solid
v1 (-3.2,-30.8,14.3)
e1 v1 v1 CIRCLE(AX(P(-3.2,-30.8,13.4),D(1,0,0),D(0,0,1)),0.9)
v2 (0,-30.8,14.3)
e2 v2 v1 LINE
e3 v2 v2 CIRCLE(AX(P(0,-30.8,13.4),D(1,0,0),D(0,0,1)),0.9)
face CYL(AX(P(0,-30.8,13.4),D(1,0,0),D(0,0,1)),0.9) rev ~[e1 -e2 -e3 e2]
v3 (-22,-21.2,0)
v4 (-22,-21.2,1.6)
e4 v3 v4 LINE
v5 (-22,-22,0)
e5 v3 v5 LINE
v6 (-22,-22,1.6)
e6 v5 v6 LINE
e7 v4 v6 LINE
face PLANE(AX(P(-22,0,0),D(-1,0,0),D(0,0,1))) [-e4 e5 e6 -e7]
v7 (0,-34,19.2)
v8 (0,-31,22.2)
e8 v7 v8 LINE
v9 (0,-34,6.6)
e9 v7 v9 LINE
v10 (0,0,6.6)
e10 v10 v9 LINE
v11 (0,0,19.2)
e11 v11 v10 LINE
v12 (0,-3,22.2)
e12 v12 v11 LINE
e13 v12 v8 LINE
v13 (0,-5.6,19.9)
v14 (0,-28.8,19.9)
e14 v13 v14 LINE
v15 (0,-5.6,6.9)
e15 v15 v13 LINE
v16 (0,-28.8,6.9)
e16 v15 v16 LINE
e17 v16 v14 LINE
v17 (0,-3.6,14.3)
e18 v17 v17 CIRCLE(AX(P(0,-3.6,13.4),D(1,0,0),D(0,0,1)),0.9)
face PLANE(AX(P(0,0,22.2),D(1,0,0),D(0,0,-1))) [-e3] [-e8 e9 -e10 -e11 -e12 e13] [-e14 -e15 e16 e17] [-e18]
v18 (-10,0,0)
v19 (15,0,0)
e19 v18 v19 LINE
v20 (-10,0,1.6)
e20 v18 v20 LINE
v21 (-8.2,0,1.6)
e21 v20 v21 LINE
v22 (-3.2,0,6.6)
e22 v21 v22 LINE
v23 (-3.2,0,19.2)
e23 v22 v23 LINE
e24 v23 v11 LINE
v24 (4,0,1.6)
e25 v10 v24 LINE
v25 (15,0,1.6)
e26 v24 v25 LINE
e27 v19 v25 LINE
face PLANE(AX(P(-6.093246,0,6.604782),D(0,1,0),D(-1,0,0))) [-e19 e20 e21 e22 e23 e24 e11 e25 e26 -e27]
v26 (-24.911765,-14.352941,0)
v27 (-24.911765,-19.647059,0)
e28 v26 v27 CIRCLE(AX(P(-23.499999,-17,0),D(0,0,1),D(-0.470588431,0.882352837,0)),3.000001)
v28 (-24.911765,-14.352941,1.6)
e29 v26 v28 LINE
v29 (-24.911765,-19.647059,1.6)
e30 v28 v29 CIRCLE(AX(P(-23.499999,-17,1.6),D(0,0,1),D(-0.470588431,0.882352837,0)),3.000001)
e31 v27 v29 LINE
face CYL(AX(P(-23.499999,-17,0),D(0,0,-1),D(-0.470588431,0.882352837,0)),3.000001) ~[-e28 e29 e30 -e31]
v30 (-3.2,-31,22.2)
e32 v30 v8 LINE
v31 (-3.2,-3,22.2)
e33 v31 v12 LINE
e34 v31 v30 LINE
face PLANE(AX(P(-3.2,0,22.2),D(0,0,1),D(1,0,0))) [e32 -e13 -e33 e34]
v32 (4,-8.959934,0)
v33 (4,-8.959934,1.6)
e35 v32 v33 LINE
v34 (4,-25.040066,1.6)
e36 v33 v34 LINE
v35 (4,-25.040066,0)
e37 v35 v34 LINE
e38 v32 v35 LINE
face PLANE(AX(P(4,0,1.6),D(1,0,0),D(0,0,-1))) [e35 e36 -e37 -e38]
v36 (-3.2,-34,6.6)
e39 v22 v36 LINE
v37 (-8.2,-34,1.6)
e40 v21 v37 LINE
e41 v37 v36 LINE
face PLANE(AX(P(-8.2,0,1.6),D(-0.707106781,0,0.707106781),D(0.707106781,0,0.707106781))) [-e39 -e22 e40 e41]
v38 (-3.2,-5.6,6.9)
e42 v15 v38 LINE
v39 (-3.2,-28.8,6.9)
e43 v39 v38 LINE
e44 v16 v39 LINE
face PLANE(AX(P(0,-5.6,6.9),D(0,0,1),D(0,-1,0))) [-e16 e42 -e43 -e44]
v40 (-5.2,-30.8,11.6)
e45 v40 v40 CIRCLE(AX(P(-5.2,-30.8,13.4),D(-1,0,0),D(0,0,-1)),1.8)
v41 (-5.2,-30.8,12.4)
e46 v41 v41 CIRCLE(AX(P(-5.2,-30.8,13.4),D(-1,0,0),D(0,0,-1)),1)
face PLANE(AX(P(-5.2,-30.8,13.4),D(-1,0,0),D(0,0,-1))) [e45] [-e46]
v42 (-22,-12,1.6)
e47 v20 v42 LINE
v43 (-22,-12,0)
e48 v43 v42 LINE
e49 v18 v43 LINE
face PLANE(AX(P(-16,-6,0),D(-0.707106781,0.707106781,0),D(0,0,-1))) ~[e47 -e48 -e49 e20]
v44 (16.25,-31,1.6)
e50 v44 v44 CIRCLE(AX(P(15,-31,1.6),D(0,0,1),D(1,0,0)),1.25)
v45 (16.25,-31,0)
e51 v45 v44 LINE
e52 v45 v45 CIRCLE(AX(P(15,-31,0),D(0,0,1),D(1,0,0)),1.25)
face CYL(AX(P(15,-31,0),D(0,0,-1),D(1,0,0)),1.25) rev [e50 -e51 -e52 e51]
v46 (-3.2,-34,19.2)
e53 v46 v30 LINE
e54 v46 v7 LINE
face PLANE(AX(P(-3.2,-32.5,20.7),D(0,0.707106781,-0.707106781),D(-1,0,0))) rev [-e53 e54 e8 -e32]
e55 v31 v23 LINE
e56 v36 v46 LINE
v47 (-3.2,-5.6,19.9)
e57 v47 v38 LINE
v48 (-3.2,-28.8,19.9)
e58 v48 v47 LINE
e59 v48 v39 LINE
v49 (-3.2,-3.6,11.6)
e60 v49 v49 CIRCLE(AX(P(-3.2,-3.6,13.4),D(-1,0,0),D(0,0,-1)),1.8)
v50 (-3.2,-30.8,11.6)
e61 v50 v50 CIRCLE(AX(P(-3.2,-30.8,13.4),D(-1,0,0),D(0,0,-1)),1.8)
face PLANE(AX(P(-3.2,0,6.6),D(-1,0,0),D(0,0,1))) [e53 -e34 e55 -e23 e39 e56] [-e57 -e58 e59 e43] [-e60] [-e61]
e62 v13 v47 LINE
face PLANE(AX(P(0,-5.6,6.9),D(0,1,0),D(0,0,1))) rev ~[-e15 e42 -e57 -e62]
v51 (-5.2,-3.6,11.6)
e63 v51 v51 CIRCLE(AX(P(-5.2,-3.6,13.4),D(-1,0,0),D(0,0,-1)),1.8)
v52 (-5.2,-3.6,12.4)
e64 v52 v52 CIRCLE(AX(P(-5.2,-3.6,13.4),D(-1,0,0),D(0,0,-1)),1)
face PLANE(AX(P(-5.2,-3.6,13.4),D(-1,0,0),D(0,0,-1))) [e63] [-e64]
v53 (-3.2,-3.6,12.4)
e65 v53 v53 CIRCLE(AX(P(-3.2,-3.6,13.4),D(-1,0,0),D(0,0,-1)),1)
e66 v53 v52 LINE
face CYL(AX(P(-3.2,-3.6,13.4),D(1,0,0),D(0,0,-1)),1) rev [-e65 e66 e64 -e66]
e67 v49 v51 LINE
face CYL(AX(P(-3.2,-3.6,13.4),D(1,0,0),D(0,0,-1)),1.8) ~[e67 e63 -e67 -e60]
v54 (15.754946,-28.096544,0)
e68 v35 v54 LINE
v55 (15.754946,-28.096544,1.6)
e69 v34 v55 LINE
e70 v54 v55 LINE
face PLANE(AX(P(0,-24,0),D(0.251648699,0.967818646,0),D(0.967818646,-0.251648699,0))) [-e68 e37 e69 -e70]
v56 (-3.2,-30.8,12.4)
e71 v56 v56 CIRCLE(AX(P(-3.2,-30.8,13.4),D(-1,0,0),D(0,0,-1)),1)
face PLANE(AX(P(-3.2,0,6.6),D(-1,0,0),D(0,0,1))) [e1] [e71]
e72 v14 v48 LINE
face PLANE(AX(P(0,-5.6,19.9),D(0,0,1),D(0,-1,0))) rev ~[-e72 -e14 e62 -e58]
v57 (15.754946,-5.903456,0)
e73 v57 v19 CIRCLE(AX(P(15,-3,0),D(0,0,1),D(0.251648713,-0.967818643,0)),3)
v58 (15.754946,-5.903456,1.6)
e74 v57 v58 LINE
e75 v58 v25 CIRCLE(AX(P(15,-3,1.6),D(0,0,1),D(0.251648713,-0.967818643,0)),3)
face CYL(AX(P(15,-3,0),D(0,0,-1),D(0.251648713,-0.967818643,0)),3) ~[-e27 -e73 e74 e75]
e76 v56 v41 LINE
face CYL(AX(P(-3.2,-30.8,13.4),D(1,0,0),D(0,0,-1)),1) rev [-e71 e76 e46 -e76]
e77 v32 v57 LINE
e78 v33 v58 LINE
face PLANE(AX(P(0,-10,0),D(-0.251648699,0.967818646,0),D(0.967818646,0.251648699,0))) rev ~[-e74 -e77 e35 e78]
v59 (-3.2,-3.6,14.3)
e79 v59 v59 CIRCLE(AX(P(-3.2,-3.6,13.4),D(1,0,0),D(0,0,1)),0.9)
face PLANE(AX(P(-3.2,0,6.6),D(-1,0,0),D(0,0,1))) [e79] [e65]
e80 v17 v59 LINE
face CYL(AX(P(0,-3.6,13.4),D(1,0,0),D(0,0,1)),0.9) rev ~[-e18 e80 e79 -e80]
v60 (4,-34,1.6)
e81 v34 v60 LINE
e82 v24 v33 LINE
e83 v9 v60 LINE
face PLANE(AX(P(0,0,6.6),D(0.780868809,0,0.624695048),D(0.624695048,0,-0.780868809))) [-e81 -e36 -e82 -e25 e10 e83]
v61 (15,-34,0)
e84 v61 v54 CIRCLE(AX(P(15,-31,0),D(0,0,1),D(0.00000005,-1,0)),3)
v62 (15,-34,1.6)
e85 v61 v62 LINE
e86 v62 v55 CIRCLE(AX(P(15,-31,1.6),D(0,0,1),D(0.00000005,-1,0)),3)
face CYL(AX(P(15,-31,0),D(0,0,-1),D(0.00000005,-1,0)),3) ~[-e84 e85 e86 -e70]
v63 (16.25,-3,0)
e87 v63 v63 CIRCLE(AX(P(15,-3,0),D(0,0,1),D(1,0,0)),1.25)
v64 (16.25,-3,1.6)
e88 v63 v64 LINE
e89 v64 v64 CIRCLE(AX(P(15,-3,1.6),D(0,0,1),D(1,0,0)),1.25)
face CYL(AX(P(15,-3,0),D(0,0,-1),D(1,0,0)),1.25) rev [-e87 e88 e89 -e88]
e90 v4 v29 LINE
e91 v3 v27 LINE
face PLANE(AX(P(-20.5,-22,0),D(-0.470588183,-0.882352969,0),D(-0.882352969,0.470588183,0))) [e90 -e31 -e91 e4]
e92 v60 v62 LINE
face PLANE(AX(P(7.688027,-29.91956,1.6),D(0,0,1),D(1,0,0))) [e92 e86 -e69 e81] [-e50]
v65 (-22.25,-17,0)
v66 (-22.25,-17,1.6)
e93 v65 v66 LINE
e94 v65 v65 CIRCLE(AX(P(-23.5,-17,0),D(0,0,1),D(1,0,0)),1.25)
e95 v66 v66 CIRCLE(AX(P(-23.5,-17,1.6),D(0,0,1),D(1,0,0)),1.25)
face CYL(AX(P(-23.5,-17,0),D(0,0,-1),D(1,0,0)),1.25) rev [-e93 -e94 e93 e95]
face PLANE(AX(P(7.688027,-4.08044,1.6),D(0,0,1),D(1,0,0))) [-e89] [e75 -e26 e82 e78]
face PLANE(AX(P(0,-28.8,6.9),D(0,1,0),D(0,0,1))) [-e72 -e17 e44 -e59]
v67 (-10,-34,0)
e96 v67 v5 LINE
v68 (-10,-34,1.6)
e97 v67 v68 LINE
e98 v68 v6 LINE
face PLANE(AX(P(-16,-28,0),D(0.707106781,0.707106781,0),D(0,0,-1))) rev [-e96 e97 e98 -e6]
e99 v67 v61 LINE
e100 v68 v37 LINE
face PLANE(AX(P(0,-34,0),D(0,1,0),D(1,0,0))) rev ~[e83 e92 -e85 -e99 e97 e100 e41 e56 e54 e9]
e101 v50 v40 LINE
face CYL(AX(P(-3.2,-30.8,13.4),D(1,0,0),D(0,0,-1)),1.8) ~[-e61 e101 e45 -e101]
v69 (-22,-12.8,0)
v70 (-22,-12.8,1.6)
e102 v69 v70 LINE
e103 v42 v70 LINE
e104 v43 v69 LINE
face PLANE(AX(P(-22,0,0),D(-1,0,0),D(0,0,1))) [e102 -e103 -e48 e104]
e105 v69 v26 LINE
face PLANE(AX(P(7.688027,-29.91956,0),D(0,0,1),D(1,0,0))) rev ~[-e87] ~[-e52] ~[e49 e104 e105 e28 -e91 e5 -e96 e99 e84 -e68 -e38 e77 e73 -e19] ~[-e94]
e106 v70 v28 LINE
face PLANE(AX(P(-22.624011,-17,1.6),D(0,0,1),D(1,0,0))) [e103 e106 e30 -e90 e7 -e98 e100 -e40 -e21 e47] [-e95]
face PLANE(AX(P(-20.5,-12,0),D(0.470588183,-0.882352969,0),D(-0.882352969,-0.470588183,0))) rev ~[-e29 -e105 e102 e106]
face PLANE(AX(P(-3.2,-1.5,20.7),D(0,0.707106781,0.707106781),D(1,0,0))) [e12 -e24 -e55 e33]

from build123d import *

# Parameters (mm, degrees)
PAD_DEPTH       = 34
SKETCH_R        = 0.9
POCKET_DEPTH    = 22.001
SKETCH003_W     = 13
SKETCH003_H     = 23.2
POCKET001_DEPTH = 22.001
SKETCH005_R     = 1.25
PAD001_DEPTH    = 1.6
SKETCH006_R     = 1.25
PAD002_DEPTH    = 1.6
SKETCH008_R     = 1.8
SKETCH008_R_2   = 1
PAD003_DEPTH    = 2
CHAMFER_SIZE    = 3
CHAMFER001_SIZE = 12


with BuildPart() as part:
    # Sketch001 → Pad (new body)
    with BuildSketch(Plane.XZ):
        Polygon((-22, 1.6), (-8.2, 1.6), (-3.2, 6.6), (-3.2, 22.2), (0, 22.2), (0, 6.6), (4, 1.6), (4, 0), (-3.601763, 0), (-22, 0), align=None)
    extrude(amount=PAD_DEPTH)

    # Sketch → Pocket (cut, through all)
    with BuildSketch(Plane(origin=(0, 0, 0), x_dir=(0, 0, 1), z_dir=(1, 0, 0))):
        with Locations((13.4, 30.8)):
            Circle(SKETCH_R)
        with Locations((13.4, 3.6)):
            Circle(SKETCH_R)
    extrude(amount=-POCKET_DEPTH, mode=Mode.SUBTRACT)

    # Sketch003 (on DatumPlane) → Pocket001 (cut, through all)
    with BuildSketch(Plane(origin=(0, 0, 0), x_dir=(0, 0, 1), z_dir=(1, 0, 0))):
        with Locations((13.4, 17.2)):
            Rectangle(SKETCH003_W, SKETCH003_H)
    extrude(amount=-POCKET001_DEPTH, mode=Mode.SUBTRACT)

    # Sketch005 → Pad001 (join)
    with BuildSketch(Plane.XY):
        with BuildLine():
            ThreePointArc((-24.911765, -14.352941), (-26.5, -17), (-24.911765, -19.647059))
            Line((-20.5, -22), (-24.911765, -19.647059))
            Line((-20.5, -12), (-20.5, -22))
            Line((-20.5, -12), (-24.911765, -14.352941))
        make_face()
        with Locations((-23.5, -17)):
            Circle(SKETCH005_R, mode=Mode.SUBTRACT)
    extrude(amount=PAD001_DEPTH)

    # Sketch006 → Pad002 (join)
    with BuildSketch(Plane.XY):
        with BuildLine():
            ThreePointArc((15, -34), (17.975766, -31.380547), (15.754946, -28.096544))
            Line((0, -24), (15.754946, -28.096544))
            Line((0, -34), (0, -24))
            Line((0, -34), (15, -34))
        make_face()
        with Locations((15, -31)):
            Circle(SKETCH006_R, mode=Mode.SUBTRACT)
        with BuildLine():
            ThreePointArc((15.754946, -5.903456), (17.975766, -2.619453), (15, 0))
            Line((0, 0), (15, 0))
            Line((0, 0), (0, -10))
            Line((0, -10), (15.754946, -5.903456))
        make_face()
        with Locations((15, -3)):
            Circle(SKETCH006_R, mode=Mode.SUBTRACT)
    extrude(amount=PAD002_DEPTH)

    # Sketch008 (on Face2 of Pad002) → Pad003 (join)
    with BuildSketch(Plane(origin=(-3.2, 0, 0), x_dir=(0, 0, -1), z_dir=(-1, 0, 0))):
        with Locations((-13.4, 30.8)):
            Circle(SKETCH008_R)
        with Locations((-13.4, 30.8)):
            Circle(SKETCH008_R_2, mode=Mode.SUBTRACT)
        with Locations((-13.4, 3.6)):
            Circle(SKETCH008_R)
        with Locations((-13.4, 3.6)):
            Circle(SKETCH008_R_2, mode=Mode.SUBTRACT)
    extrude(amount=PAD003_DEPTH)

    # Chamfer
    chamfer_edges = [part.edges().sort_by_distance(p)[0] for p in [
        (-1.6, -34, 22.2),
        (-1.6, 0, 22.2),
    ]]
    chamfer(chamfer_edges, length=CHAMFER_SIZE)

    # Chamfer001
    chamfer001_edges = [part.edges().sort_by_distance(p)[0] for p in [
        (-22, -34, 0.8),
        (-22, 0, 0.8),
    ]]
    chamfer(chamfer001_edges, length=CHAMFER001_SIZE)


solid = part.part
